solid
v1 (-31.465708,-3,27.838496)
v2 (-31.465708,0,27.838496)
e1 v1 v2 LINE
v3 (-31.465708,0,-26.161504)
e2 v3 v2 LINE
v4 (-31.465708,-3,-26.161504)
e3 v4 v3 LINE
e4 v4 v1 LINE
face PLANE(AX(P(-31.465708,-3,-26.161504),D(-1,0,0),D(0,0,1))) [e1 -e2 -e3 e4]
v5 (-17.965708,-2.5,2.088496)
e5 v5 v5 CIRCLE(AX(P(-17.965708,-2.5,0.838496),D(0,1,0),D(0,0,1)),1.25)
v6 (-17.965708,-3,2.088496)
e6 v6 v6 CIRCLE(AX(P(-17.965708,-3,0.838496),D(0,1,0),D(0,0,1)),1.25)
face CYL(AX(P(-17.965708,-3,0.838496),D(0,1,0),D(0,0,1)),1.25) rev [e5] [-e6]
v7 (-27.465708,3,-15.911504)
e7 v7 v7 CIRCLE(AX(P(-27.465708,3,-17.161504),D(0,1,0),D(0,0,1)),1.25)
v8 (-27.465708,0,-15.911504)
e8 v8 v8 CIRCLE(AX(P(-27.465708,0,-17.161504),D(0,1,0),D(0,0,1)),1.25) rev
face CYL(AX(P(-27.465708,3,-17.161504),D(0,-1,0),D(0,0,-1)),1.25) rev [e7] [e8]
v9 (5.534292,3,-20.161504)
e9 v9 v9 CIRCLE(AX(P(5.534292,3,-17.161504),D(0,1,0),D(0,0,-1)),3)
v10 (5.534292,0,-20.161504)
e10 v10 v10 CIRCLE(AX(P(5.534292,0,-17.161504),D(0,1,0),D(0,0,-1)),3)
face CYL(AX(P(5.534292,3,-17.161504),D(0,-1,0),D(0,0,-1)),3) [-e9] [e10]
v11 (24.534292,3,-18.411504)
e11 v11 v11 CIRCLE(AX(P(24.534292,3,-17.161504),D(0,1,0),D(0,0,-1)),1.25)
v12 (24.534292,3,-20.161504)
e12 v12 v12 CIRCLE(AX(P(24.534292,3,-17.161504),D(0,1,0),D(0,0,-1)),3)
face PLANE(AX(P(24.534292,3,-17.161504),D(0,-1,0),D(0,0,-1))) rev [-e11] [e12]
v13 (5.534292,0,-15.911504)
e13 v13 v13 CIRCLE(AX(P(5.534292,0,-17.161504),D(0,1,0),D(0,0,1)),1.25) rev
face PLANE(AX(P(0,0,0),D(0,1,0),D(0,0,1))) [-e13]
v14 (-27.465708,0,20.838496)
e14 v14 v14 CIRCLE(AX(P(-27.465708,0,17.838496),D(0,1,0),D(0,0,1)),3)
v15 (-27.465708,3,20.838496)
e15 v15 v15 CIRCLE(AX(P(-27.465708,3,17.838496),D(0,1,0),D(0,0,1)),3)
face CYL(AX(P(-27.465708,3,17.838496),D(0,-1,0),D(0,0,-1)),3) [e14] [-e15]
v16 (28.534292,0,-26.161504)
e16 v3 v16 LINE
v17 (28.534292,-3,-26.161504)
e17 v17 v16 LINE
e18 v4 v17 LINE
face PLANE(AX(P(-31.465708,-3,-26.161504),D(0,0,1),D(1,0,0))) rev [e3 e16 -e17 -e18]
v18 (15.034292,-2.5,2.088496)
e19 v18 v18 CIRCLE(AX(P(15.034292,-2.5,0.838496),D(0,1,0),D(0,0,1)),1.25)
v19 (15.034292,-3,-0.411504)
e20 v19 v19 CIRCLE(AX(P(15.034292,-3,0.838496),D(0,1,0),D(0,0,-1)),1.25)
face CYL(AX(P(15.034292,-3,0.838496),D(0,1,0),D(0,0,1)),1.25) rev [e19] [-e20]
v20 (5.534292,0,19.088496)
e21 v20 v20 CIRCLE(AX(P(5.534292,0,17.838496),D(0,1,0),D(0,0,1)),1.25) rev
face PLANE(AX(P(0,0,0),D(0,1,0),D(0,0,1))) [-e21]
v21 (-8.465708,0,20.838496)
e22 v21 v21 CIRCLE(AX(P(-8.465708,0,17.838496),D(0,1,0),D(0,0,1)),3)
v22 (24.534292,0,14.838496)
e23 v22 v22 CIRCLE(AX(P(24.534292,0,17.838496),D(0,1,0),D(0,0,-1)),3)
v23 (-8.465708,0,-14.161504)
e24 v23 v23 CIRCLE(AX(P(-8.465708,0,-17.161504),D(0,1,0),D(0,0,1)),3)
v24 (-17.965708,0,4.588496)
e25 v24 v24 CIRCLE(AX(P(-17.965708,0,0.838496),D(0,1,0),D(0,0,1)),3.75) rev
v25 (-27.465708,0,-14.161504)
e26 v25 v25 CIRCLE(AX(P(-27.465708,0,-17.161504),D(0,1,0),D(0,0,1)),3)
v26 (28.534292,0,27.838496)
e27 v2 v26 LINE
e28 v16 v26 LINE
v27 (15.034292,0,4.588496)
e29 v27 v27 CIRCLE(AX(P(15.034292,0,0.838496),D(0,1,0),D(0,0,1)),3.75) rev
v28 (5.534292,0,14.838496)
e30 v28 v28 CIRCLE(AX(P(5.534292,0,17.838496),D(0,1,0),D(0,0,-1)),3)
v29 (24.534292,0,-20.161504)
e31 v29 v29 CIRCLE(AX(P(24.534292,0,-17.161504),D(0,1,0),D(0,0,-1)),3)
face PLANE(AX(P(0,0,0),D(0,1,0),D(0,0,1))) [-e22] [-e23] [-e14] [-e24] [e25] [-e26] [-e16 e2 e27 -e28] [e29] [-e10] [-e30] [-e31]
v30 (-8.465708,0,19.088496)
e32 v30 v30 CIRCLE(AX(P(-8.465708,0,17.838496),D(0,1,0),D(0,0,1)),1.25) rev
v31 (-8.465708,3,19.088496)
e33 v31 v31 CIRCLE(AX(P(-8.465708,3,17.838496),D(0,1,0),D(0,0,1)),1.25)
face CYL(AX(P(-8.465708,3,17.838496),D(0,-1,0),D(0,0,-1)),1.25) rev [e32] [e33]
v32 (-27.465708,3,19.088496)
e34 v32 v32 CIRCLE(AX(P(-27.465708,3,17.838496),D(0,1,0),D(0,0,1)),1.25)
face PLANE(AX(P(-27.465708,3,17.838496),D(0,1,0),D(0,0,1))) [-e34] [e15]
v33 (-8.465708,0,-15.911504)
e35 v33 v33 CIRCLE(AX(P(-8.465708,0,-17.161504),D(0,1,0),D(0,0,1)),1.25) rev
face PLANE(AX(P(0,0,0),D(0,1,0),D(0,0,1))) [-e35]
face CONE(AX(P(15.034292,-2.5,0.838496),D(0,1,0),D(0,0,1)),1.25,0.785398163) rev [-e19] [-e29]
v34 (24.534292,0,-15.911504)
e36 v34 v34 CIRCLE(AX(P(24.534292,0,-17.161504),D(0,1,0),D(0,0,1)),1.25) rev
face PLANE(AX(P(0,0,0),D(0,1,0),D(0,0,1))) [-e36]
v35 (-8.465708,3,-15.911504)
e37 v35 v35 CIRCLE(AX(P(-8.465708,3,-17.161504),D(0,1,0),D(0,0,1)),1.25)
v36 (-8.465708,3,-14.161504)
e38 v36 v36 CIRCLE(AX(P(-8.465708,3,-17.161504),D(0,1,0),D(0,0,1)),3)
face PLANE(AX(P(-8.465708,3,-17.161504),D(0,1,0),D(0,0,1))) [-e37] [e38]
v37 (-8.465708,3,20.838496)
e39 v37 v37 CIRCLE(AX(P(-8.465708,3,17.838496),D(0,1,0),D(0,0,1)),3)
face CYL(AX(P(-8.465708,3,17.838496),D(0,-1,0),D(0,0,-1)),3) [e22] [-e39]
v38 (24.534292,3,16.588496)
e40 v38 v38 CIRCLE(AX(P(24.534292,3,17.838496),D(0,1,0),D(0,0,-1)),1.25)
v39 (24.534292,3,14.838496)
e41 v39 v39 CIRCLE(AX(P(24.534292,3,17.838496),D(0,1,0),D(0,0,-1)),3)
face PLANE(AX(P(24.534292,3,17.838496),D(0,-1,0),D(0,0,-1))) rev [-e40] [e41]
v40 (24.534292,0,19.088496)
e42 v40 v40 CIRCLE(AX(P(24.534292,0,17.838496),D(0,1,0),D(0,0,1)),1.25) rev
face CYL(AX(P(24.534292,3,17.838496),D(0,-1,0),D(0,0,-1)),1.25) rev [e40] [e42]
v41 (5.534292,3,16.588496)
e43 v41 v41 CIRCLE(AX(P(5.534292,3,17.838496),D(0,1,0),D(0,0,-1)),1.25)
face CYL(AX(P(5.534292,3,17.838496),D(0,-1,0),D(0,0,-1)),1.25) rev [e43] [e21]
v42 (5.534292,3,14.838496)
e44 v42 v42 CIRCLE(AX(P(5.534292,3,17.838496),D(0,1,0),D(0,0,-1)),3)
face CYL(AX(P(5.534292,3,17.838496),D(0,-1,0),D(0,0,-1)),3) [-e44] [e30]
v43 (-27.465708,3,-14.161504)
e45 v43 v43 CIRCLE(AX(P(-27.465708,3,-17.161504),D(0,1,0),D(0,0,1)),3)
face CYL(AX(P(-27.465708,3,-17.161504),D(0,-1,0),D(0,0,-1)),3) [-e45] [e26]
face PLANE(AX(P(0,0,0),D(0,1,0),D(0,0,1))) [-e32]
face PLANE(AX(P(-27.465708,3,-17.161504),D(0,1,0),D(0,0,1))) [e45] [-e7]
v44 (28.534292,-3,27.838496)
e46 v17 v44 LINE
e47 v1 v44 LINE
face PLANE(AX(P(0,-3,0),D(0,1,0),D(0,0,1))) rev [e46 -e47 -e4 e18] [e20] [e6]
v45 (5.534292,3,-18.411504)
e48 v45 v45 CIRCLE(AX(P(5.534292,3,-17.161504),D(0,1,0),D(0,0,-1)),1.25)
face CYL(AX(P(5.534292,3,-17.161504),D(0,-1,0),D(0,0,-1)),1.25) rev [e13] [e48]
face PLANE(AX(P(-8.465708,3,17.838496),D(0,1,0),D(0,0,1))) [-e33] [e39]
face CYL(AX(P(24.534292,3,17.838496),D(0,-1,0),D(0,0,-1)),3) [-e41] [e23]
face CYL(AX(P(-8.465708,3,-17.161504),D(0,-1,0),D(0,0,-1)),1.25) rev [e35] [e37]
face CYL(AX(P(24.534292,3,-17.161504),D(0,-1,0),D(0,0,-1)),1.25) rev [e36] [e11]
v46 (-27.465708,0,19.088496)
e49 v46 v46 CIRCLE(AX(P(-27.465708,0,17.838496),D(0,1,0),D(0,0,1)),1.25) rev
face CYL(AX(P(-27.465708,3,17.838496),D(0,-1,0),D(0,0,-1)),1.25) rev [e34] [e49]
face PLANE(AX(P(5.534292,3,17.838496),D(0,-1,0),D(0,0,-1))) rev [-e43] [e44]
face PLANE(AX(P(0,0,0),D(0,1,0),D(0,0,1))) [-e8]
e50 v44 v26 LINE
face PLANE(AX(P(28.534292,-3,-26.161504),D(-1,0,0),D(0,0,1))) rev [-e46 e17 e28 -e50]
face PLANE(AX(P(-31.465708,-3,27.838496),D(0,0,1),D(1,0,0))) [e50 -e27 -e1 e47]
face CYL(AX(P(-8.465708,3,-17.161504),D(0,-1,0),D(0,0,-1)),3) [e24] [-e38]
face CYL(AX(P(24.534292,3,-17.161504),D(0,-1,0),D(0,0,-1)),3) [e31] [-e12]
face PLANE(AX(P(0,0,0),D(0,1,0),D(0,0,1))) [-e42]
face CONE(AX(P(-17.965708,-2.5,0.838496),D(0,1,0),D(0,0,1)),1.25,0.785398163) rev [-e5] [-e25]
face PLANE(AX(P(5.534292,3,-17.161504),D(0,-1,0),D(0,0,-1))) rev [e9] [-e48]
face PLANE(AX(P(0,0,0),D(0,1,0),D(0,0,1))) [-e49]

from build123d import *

# Parameters (mm, degrees)
SKETCH_1_W          = 60
SKETCH_1_H          = 54
EXTRUDE_1_DEPTH     = 3
SKETCH_3_R          = 3
SKETCH_3_R_2        = 1.25
EXTRUDE_2_DEPTH     = 3
SKETCH_4_R          = 1.25
CUT_EXTRUDE_1_DEPTH = 3
CHAMFER_1_SIZE      = 2.5


with BuildPart() as part:
    # Эскиз1 → Бобышка-Вытянуть1 (new body)
    with BuildSketch(Plane(origin=(0, 0, 0), x_dir=(1, 0, 0), z_dir=(0, 1, 0))):
        with Locations((-1.465707965, -0.838495575)):
            Rectangle(SKETCH_1_W, SKETCH_1_H)
    extrude(amount=-EXTRUDE_1_DEPTH)

    # Эскиз3 → Бобышка-Вытянуть2 (add)
    with BuildSketch(Plane(origin=(0, 0, 0), x_dir=(1, 0, 0), z_dir=(0, 1, 0))):
        with Locations((-27.465707965, 17.161504425)):
            Circle(SKETCH_3_R)
        with Locations((-27.465707965, 17.161504425)):
            Circle(SKETCH_3_R_2, mode=Mode.SUBTRACT)
        with Locations((-27.465707965, -17.838495575)):
            Circle(SKETCH_3_R)
        with Locations((-27.465707965, -17.838495575)):
            Circle(SKETCH_3_R_2, mode=Mode.SUBTRACT)
        with Locations((-8.465707965, 17.161504425)):
            Circle(SKETCH_3_R)
        with Locations((-8.465707965, 17.161504425)):
            Circle(SKETCH_3_R_2, mode=Mode.SUBTRACT)
        with Locations((-8.465707965, -17.838495575)):
            Circle(SKETCH_3_R)
        with Locations((-8.465707965, -17.838495575)):
            Circle(SKETCH_3_R_2, mode=Mode.SUBTRACT)
        with Locations((5.534292035, -17.838495575)):
            Circle(SKETCH_3_R)
        with Locations((5.534292035, -17.838495575)):
            Circle(SKETCH_3_R_2, mode=Mode.SUBTRACT)
        with Locations((5.534292035, 17.161504425)):
            Circle(SKETCH_3_R)
        with Locations((5.534292035, 17.161504425)):
            Circle(SKETCH_3_R_2, mode=Mode.SUBTRACT)
        with Locations((24.534292035, -17.838495575)):
            Circle(SKETCH_3_R)
        with Locations((24.534292035, -17.838495575)):
            Circle(SKETCH_3_R_2, mode=Mode.SUBTRACT)
        with Locations((24.534292035, 17.161504425)):
            Circle(SKETCH_3_R)
        with Locations((24.534292035, 17.161504425)):
            Circle(SKETCH_3_R_2, mode=Mode.SUBTRACT)
    extrude(amount=EXTRUDE_2_DEPTH)

    # Эскиз4 → Вырез-Вытянуть1 (cut)
    with BuildSketch(Plane(origin=(0, 0, 0), x_dir=(1, 0, 0), z_dir=(0, 1, 0))):
        with Locations((-17.965707965, -0.838495575)):
            Circle(SKETCH_4_R)
        with Locations((15.034292035, -0.838495575)):
            Circle(SKETCH_4_R)
    extrude(amount=-CUT_EXTRUDE_1_DEPTH, mode=Mode.SUBTRACT)

    # Фаска1
    chamfer_1_edges = [part.edges().sort_by_distance(p)[0] for p in [
        (-19.215707965, 0, 0.838495575),
        (13.784292035, 0, 0.838495575),
    ]]
    chamfer(chamfer_1_edges, length=CHAMFER_1_SIZE)


solid = part.part
